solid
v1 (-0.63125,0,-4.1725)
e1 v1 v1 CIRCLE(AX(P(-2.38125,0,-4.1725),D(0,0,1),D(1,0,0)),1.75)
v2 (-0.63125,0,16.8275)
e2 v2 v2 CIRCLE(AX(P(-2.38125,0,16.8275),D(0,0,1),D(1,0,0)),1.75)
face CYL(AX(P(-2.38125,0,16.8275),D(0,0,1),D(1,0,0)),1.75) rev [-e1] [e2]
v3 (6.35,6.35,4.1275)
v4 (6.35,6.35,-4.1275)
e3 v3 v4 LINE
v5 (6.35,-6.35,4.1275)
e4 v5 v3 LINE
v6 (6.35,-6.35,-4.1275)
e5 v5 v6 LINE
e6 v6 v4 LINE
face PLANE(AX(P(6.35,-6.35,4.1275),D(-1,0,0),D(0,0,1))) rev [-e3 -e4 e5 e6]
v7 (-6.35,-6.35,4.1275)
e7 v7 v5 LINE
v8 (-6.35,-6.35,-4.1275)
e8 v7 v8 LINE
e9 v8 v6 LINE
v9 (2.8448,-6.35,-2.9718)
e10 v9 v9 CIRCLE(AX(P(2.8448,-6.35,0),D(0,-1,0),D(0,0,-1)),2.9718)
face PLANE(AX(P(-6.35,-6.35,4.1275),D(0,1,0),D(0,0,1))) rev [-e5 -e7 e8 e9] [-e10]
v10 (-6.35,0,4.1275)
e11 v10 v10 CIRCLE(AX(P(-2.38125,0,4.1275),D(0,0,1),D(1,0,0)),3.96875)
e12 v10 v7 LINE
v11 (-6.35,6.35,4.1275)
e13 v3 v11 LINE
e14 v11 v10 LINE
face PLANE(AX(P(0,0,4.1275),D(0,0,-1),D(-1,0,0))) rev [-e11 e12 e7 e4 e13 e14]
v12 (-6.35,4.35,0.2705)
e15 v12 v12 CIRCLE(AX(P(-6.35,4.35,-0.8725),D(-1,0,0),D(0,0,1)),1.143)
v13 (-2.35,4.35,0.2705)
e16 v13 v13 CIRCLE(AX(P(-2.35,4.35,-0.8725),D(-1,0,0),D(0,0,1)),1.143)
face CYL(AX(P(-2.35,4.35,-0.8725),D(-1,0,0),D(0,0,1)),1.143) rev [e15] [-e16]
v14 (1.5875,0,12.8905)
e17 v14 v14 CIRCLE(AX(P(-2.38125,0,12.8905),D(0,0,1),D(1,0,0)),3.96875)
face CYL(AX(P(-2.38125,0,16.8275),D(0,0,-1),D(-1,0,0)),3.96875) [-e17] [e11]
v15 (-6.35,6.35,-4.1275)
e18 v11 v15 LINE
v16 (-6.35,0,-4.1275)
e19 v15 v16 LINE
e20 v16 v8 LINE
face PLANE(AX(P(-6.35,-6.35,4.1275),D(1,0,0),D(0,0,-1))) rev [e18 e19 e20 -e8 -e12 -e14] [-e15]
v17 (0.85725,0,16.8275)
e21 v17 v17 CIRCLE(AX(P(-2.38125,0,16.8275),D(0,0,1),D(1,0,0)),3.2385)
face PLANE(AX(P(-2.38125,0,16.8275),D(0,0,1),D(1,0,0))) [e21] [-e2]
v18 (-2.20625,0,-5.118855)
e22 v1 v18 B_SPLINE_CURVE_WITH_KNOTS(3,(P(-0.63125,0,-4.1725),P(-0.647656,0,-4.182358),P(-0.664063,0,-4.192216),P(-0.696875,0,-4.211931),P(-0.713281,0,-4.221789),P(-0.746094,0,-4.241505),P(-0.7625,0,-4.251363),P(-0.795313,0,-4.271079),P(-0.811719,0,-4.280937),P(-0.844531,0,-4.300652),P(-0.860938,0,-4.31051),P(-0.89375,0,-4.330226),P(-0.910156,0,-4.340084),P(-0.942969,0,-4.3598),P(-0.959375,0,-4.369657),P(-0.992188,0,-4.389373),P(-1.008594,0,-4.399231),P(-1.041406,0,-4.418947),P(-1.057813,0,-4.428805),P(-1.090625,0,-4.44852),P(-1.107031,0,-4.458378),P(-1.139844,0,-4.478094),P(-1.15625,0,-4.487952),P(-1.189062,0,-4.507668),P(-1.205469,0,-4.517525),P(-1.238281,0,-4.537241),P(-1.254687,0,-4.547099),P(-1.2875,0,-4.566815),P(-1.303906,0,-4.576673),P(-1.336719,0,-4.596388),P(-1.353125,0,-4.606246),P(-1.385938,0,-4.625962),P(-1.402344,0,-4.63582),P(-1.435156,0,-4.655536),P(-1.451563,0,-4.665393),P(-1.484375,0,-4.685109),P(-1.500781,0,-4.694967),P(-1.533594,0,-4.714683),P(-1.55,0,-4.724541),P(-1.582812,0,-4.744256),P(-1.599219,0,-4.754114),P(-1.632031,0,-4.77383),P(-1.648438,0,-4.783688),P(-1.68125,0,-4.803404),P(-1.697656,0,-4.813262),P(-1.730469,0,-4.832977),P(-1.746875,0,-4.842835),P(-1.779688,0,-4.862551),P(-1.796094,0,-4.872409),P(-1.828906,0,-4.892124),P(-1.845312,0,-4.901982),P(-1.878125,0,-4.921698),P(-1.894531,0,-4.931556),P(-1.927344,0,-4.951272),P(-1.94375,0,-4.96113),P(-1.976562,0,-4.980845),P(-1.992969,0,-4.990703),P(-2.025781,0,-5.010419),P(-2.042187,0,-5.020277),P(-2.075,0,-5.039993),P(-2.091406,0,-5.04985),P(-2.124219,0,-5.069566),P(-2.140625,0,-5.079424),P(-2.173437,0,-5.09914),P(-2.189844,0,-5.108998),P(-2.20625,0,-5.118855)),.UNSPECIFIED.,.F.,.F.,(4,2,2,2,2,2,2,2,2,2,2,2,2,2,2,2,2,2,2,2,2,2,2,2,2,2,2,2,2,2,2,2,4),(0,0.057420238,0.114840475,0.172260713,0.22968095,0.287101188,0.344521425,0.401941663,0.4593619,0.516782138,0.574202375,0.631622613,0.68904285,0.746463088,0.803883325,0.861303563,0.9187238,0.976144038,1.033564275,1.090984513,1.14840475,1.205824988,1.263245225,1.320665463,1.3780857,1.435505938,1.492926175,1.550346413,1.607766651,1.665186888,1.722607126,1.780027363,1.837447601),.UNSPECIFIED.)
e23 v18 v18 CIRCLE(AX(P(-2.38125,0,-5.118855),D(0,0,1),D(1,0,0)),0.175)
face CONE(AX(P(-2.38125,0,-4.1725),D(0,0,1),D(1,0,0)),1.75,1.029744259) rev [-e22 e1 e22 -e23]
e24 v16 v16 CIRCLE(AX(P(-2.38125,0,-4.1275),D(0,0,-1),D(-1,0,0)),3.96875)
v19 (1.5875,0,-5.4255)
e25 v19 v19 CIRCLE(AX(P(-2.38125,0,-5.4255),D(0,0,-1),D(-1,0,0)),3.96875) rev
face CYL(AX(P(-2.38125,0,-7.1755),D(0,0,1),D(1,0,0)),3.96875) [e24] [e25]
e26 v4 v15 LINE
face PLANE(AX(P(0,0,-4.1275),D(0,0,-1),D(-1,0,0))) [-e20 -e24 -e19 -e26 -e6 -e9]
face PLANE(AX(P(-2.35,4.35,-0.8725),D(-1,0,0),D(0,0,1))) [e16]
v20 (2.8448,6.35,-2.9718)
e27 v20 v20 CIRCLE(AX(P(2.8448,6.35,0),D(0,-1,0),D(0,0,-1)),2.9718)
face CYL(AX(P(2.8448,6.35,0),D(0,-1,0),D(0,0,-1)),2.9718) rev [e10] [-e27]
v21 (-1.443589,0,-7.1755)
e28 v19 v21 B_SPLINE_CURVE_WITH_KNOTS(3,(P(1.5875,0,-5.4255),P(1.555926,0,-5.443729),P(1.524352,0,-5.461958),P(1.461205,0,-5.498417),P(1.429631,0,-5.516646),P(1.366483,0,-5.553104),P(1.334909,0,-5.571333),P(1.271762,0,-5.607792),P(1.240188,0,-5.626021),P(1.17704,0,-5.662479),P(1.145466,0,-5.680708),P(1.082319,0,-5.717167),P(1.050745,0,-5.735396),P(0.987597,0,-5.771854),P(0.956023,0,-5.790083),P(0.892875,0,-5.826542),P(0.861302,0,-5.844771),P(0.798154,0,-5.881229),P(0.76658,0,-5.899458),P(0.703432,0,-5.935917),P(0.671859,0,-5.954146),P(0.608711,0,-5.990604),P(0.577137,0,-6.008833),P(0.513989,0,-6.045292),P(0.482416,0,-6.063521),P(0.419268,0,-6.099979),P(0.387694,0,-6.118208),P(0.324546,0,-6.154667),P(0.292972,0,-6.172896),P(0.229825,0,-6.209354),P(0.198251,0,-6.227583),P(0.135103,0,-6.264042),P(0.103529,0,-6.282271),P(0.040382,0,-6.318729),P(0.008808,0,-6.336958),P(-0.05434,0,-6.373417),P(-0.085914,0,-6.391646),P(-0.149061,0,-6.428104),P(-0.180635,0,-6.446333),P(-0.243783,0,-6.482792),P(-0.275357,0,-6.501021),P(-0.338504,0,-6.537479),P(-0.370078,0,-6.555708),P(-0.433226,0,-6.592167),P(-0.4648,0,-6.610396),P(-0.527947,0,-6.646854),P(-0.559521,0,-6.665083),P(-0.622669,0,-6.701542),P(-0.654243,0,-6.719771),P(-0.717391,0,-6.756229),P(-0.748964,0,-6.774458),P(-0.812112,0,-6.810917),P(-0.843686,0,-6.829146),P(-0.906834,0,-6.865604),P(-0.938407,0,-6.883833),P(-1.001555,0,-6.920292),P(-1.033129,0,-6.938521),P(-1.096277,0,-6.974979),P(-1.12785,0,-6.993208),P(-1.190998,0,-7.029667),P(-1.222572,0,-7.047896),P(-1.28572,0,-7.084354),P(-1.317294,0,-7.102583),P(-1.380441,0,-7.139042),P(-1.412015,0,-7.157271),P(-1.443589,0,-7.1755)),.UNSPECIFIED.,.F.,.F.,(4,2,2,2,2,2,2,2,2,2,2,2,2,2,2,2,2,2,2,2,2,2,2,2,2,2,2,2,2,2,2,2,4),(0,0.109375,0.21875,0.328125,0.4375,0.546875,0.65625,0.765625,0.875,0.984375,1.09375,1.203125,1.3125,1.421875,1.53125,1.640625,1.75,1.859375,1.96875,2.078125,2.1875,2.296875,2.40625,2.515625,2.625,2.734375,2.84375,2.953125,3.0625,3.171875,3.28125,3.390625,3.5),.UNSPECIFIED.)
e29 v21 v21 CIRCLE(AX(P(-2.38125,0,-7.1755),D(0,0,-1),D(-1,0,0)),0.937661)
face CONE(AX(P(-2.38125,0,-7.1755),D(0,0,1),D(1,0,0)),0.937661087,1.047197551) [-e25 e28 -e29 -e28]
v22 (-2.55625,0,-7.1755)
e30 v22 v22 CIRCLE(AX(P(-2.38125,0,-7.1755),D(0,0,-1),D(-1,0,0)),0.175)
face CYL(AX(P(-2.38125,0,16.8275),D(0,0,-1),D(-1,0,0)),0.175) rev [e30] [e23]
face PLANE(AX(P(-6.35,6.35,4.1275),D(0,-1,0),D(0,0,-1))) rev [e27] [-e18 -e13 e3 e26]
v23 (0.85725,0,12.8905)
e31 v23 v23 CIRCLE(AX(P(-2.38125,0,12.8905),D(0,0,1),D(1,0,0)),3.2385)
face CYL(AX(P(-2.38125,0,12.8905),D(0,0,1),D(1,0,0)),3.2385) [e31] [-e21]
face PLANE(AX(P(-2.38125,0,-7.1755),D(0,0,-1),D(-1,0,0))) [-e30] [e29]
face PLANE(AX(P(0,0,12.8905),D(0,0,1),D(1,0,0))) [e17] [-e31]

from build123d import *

# Parameters (mm, degrees)
SKETCH1_W                      = 12.7
SKETCH1_H                      = 12.7
BOSS_EXTRUDE1_DEPTH            = 4.1275
SKETCH2_R                      = 2.9718
CUT_EXTRUDE1_DEPTH             = 15.786776398
SKETCH3_R                      = 3.96875
BOSS_EXTRUDE2_DEPTH            = 12.7
SKETCH4_OUTSIDE_W              = 20.22
SKETCH4_OUTSIDE_H              = 20.22
SKETCH4_OUTSIDE_R              = 3.2385
CUT_EXTRUDE2_DEPTH             = 3.937
BOSS_EXTRUDE3_START            = 3.048
SKETCH5_R                      = 3.96875
BOSS_EXTRUDE3_DEPTH            = 3.048
CHAMFER1_SIZE                  = 1.75
CHAMFER1_SIZE2                 = 3.031088913
SKETCH6_R                      = 0.175
CUT_EXTRUDE3_DEPTH             = 26.627895134
F_3_5_3_5_DIAMETER_HOLE1_D     = 3.5
F_3_5_3_5_DIAMETER_HOLE1_DEPTH = 21
F_3_5_3_5_DIAMETER_HOLE1_TIP   = 1.051506083
SKETCH11_R                     = 1.143
CUT_EXTRUDE4_DEPTH             = 4


with BuildPart() as part:
    # Sketch1 → Boss-Extrude1 (new, symmetric)
    with BuildSketch(Plane.XY):
        Rectangle(SKETCH1_W, SKETCH1_H)
    extrude(amount=BOSS_EXTRUDE1_DEPTH, both=True)

    # Sketch2 → Cut-Extrude1 (cut, through all)
    with BuildSketch(Plane.XZ.offset(6.35)):
        with Locations(Location((2.8448, 0, 0), (0, 0, 270))):
            Circle(SKETCH2_R)
    extrude(amount=-CUT_EXTRUDE1_DEPTH, mode=Mode.SUBTRACT)

    # Sketch3 → Boss-Extrude2 (add)
    with BuildSketch(Plane.XY.offset(4.1275)):
        with Locations(Location((-2.38125, 0, 0), (0, 0, 180))):
            Circle(SKETCH3_R)
    extrude(amount=BOSS_EXTRUDE2_DEPTH)

    # Sketch4 outside → Cut-Extrude2 (cut)
    with BuildSketch(Plane.XY.offset(16.8275)):
        Rectangle(SKETCH4_OUTSIDE_W, SKETCH4_OUTSIDE_H)
        with Locations((-2.38125, 0)):
            Circle(SKETCH4_OUTSIDE_R, mode=Mode.SUBTRACT)
    extrude(amount=-CUT_EXTRUDE2_DEPTH, mode=Mode.SUBTRACT)

    # Sketch5 → Boss-Extrude3 (add)
    with BuildSketch(Plane(origin=(0, 0, -4.1275), x_dir=(-1, 0, 0), z_dir=(0, 0, -1)).offset(BOSS_EXTRUDE3_START)):
        with Locations((2.38125, 0)):
            Circle(SKETCH5_R)
    extrude(amount=-BOSS_EXTRUDE3_DEPTH)

    # Chamfer1
    chamfer1_edges = [part.edges().sort_by_distance(p)[0] for p in [
        (1.5875, 0, -7.1755),
    ]]
    chamfer1_side = [part.faces().sort_by_distance(p)[0] for p in [
        (1.5875, 0, -5.6515),
    ]]
    chamfer(chamfer1_edges, length=CHAMFER1_SIZE, length2=CHAMFER1_SIZE2, reference=chamfer1_side[0])

    # Sketch6 → Cut-Extrude3 (cut, through all)
    with BuildSketch(Plane(origin=(0, 0, -7.1755), x_dir=(-1, 0, 0), z_dir=(0, 0, -1))):
        with Locations((2.38125, 0)):
            Circle(SKETCH6_R)
    extrude(amount=-CUT_EXTRUDE3_DEPTH, mode=Mode.SUBTRACT)

    # Ø3.5 (3.5) Diameter Hole1
    with Locations(Plane.XY.offset(16.8275)):
        with Locations((-2.38125, 0)):
            Hole(F_3_5_3_5_DIAMETER_HOLE1_D / 2, depth=F_3_5_3_5_DIAMETER_HOLE1_DEPTH)
            with Locations((0, 0, -(F_3_5_3_5_DIAMETER_HOLE1_DEPTH + F_3_5_3_5_DIAMETER_HOLE1_TIP / 2))):  # 118° drill point
                Cone(0, F_3_5_3_5_DIAMETER_HOLE1_D / 2, F_3_5_3_5_DIAMETER_HOLE1_TIP, mode=Mode.SUBTRACT)

    # Sketch11 → Cut-Extrude4 (cut)
    with BuildSketch(Plane.ZY.offset(6.35)):
        with Locations((-0.8725, 4.35)):
            Circle(SKETCH11_R)
    extrude(amount=-CUT_EXTRUDE4_DEPTH, mode=Mode.SUBTRACT)


solid = part.part
